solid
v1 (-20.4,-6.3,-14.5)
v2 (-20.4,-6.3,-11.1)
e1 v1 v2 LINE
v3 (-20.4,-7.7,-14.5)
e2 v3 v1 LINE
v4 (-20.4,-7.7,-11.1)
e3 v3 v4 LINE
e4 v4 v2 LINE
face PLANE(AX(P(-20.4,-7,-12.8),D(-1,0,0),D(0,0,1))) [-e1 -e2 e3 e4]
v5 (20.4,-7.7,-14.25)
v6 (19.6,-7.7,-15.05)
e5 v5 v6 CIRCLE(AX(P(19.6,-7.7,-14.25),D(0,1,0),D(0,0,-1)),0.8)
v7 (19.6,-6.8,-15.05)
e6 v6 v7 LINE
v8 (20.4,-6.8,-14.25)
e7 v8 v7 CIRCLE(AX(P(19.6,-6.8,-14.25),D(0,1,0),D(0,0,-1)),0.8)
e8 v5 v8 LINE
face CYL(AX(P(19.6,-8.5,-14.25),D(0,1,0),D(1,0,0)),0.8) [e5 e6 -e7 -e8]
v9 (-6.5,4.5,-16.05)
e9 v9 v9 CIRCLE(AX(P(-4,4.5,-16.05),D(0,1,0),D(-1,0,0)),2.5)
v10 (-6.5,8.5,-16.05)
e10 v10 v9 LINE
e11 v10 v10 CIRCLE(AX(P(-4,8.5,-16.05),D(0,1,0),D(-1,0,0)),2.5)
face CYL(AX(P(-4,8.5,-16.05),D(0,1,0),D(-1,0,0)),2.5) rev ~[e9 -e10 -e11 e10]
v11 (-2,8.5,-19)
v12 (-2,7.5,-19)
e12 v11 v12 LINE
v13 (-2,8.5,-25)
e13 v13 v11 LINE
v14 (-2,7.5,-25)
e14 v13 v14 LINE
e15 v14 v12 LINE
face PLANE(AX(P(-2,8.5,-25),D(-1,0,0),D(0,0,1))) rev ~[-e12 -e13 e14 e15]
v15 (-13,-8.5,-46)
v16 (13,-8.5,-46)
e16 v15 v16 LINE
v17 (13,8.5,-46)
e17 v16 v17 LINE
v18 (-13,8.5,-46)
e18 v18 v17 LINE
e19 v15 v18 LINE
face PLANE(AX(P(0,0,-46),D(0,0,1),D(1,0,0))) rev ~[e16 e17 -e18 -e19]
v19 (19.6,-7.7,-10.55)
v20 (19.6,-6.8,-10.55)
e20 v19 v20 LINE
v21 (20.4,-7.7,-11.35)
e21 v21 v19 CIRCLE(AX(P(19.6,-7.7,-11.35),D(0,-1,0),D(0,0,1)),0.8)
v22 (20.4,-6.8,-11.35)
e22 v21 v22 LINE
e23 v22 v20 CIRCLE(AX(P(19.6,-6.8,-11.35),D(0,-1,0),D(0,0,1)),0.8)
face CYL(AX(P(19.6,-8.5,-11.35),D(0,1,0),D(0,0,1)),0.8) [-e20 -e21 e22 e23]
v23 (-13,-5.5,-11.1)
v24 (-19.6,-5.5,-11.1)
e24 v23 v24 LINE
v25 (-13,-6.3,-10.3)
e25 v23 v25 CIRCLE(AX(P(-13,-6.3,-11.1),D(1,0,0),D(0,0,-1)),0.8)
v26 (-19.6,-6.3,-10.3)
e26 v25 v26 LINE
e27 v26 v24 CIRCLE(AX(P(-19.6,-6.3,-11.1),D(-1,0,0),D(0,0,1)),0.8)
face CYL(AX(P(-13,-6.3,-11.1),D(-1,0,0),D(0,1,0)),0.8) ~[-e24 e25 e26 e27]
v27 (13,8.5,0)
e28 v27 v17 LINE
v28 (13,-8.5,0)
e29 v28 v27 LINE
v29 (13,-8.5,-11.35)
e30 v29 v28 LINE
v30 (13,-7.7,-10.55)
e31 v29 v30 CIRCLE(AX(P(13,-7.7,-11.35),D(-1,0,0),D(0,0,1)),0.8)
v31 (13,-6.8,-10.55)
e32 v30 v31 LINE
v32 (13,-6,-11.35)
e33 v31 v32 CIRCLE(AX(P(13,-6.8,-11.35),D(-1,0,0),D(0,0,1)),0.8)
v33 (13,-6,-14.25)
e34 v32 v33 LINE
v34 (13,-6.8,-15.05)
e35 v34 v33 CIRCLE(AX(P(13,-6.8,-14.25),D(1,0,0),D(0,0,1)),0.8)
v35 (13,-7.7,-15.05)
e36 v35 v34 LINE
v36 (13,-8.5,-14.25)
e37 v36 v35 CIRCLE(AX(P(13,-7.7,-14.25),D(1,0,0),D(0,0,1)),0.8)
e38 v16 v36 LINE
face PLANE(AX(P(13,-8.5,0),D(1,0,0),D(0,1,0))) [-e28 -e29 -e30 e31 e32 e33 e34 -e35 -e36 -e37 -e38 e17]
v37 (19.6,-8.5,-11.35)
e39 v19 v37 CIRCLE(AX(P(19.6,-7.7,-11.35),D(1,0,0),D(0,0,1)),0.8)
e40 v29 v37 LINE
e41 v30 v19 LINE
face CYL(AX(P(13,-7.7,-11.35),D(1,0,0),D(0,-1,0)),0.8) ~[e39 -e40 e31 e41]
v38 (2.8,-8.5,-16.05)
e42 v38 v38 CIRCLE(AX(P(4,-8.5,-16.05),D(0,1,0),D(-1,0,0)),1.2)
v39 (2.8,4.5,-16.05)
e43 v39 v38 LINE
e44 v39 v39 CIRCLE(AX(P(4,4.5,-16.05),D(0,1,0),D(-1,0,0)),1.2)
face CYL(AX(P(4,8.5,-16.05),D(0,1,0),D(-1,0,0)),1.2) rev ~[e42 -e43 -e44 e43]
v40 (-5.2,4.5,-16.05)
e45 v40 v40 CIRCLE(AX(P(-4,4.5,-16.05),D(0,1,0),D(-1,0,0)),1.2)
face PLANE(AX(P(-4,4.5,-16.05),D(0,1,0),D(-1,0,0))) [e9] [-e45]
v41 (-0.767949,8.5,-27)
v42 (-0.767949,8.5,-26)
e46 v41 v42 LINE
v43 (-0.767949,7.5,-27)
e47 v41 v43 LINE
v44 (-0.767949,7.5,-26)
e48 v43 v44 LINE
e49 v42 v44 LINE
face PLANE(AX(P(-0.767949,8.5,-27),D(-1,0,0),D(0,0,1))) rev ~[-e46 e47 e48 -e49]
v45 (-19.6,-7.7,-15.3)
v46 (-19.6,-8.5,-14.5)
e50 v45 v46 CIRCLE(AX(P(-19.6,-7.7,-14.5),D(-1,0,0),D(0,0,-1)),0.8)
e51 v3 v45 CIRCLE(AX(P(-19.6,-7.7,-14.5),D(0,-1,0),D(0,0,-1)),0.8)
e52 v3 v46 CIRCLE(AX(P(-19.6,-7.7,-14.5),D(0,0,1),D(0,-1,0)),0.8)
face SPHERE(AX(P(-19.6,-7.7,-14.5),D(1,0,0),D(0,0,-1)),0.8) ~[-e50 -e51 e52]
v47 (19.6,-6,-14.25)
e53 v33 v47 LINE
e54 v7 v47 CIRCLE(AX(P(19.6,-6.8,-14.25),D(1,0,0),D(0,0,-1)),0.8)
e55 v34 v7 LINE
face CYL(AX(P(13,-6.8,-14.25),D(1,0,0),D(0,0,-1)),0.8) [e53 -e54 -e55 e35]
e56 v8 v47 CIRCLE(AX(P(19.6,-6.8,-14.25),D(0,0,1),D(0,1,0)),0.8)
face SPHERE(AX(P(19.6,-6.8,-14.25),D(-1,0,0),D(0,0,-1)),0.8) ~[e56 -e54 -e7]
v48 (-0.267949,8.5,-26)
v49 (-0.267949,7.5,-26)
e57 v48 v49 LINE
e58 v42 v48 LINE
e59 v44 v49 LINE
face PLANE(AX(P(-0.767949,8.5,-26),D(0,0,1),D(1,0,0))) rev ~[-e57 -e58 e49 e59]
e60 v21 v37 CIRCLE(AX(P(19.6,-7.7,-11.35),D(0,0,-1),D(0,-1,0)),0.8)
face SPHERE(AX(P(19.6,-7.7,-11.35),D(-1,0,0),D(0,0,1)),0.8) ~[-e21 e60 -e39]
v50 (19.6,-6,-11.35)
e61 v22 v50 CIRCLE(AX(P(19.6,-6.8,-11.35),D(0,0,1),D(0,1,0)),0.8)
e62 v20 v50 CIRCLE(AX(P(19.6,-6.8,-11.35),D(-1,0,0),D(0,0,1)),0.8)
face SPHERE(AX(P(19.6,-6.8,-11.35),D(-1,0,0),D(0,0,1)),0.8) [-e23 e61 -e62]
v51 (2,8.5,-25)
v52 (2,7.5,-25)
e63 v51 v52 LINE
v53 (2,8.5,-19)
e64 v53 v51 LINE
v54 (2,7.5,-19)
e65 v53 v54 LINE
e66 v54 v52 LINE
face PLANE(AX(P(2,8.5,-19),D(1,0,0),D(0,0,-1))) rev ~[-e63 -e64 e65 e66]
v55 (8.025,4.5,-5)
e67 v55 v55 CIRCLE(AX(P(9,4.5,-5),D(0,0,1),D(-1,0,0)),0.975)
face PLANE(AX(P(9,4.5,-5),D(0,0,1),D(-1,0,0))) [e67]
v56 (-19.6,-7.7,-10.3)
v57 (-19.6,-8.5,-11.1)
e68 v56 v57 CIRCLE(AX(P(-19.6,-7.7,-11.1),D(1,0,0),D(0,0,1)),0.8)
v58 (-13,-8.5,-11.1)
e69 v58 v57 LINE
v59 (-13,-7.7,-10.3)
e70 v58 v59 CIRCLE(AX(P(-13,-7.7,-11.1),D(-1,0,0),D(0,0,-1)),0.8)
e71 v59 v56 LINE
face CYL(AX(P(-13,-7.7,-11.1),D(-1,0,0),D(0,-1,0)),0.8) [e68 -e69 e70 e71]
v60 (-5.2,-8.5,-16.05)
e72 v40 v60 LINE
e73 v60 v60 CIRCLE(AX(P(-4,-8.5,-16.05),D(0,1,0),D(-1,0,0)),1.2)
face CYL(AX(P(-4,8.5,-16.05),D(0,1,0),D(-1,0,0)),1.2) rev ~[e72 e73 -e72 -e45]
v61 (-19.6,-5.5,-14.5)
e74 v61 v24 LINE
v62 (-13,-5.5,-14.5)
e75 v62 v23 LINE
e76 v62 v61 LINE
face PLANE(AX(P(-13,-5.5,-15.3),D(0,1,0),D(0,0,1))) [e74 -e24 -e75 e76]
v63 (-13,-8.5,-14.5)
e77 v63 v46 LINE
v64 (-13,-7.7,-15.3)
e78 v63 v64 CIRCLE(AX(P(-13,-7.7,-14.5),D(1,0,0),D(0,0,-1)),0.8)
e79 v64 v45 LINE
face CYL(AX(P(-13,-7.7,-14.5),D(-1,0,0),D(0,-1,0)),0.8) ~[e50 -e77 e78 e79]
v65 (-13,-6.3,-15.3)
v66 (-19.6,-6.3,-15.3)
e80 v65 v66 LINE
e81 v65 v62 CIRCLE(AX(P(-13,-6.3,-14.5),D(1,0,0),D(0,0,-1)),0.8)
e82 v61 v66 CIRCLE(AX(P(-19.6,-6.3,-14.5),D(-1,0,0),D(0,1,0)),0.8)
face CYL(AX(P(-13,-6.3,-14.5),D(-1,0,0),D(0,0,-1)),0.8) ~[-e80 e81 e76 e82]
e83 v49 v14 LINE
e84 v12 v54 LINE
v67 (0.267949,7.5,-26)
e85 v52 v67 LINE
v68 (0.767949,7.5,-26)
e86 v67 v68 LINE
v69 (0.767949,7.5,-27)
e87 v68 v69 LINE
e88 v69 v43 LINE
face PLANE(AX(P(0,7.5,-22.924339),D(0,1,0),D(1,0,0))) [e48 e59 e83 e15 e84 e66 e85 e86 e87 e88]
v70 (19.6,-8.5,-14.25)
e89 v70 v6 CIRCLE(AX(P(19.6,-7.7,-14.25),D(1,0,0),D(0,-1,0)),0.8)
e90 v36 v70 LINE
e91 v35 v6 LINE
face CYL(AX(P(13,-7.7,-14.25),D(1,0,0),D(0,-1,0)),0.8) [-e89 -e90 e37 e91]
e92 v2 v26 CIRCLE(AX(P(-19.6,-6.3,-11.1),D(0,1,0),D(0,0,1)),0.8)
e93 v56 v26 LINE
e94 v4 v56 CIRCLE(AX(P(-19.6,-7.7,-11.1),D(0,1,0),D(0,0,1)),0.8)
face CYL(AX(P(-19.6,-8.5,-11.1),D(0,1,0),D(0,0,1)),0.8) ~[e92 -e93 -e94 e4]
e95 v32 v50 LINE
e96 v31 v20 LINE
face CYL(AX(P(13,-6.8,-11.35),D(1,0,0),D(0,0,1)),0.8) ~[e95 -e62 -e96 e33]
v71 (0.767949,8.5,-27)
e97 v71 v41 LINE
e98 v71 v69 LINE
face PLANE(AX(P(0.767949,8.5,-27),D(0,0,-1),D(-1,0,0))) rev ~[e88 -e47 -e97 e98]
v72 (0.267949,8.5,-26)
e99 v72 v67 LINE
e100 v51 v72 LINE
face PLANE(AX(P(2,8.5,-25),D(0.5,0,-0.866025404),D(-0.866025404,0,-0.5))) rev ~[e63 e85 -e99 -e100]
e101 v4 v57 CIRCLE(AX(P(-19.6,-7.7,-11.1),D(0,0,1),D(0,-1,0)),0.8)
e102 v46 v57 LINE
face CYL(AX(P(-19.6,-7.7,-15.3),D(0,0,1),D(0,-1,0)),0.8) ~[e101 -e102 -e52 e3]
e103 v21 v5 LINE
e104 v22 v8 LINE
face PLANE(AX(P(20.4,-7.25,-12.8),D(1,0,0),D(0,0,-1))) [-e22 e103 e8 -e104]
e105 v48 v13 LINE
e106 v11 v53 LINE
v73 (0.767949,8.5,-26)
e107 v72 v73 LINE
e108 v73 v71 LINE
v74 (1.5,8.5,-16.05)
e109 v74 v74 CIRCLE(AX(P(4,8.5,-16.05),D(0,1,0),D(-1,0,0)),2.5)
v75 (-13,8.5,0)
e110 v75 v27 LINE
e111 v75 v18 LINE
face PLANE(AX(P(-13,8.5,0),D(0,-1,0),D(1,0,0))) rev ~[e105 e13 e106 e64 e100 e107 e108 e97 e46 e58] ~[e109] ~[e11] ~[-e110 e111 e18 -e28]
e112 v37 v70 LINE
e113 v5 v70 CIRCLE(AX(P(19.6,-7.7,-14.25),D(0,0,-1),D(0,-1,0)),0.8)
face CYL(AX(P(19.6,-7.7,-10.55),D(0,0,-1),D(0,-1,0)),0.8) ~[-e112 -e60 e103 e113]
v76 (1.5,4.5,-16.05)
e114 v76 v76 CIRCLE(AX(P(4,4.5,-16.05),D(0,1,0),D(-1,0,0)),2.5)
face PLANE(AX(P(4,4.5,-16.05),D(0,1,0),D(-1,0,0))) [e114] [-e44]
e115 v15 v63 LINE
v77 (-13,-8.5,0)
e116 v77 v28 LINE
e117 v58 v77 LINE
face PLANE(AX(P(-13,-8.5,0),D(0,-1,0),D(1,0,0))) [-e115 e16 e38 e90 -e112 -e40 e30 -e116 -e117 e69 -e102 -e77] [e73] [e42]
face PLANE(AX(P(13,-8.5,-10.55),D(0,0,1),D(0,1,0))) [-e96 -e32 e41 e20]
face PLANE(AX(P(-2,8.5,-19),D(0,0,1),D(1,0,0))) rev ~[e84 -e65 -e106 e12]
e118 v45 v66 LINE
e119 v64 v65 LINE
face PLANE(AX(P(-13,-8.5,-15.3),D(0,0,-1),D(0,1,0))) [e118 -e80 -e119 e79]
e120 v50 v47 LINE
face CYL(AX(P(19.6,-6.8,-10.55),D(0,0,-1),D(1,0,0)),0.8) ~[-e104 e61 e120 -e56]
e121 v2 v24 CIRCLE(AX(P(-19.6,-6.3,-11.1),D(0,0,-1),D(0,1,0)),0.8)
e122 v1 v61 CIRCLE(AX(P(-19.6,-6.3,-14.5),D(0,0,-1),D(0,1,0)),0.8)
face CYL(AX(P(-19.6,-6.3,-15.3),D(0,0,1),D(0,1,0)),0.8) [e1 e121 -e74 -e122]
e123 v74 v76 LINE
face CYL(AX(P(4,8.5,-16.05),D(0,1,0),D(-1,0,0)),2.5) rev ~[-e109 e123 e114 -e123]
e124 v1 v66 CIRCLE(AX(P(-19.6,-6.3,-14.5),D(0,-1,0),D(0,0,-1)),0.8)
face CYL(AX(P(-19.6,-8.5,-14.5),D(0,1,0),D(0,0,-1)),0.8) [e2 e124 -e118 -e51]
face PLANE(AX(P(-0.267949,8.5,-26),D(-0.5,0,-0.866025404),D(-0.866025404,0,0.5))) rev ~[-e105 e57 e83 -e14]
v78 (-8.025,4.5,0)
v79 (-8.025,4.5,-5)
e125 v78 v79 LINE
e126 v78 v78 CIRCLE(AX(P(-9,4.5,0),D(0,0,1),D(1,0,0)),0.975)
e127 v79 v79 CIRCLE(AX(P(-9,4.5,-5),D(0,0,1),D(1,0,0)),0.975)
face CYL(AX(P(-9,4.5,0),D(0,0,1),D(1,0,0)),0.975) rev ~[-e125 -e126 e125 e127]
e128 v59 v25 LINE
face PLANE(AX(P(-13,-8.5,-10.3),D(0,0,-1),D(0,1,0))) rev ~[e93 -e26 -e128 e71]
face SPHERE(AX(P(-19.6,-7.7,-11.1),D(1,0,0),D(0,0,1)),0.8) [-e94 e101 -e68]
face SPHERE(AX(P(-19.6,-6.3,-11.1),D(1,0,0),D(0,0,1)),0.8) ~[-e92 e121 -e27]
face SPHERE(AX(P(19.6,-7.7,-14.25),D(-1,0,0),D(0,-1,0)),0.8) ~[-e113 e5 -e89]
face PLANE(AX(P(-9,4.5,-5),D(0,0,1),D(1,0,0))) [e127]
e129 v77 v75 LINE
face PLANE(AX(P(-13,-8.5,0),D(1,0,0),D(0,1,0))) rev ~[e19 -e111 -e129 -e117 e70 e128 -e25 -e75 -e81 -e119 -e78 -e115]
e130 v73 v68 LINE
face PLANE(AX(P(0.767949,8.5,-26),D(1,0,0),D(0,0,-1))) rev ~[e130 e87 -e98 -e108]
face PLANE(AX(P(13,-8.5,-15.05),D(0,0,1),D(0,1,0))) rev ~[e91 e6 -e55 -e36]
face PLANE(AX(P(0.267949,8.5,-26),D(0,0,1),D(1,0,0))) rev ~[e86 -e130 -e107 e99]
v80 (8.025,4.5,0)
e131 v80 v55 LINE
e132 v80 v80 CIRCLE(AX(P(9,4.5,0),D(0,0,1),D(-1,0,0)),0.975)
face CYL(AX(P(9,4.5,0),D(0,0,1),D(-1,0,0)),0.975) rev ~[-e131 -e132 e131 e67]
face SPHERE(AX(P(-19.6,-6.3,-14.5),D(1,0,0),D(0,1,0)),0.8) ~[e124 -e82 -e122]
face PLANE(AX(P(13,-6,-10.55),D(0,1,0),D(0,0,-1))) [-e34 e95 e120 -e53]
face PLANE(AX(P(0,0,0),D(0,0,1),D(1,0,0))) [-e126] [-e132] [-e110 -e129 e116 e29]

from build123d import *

# Parameters (mm, degrees)
SKETCH_1_W          = 26
SKETCH_1_H          = 17
EXTRUDE_1_DEPTH     = 46
SKETCH_2_W          = 4.5
SKETCH_2_H          = 2.5
EXTRUDE_2_DEPTH     = 7.4
SKETCH_4_W          = 5
SKETCH_4_H          = 3
EXTRUDE_3_DEPTH     = 7.4
SKETCH_5_R          = 1.2
CUT_EXTRUDE_1_DEPTH = 54.114593098
CUT_EXTRUDE_2_DEPTH = 1
SKETCH_8_R          = 2.5
CUT_EXTRUDE_3_DEPTH = 4
SKETCH_9_R          = 0.975
CUT_EXTRUDE_4_DEPTH = 5
FILLET_1_R          = 0.8


with BuildPart() as part:
    # ｽｹｯﾁ1 → ﾎﾞｽ - 押し出し1 (new body)
    with BuildSketch(Plane.XY):
        Rectangle(SKETCH_1_W, SKETCH_1_H)
    extrude(amount=-EXTRUDE_1_DEPTH)

    # ｽｹｯﾁ2 → ﾎﾞｽ - 押し出し2 (add)
    with BuildSketch(Plane(origin=(13, 0, 0), x_dir=(0, 0, -1), z_dir=(1, 0, 0))):
        with Locations((12.8, -7.25)):
            Rectangle(SKETCH_2_W, SKETCH_2_H)
    extrude(amount=EXTRUDE_2_DEPTH)

    # ｽｹｯﾁ4 → ﾎﾞｽ - 押し出し3 (add)
    with BuildSketch(Plane.ZY.offset(13)):
        with Locations((-12.8, -7)):
            Rectangle(SKETCH_4_W, SKETCH_4_H)
    extrude(amount=EXTRUDE_3_DEPTH)

    # ｽｹｯﾁ5 → ｶｯﾄ - 押し出し1 (cut, through all)
    with BuildSketch(Plane(origin=(0, 8.5, 0), x_dir=(1, 0, 0), z_dir=(0, 1, 0))):
        with Locations(Location((4, 16.05, 0), (0, 0, 180))):
            Circle(SKETCH_5_R)
        with Locations(Location((-4, 16.05, 0), (0, 0, 180))):
            Circle(SKETCH_5_R)
    extrude(amount=-CUT_EXTRUDE_1_DEPTH, mode=Mode.SUBTRACT)

    # ｽｹｯﾁ6 → ｶｯﾄ - 押し出し2 (cut)
    with BuildSketch(Plane(origin=(0, 8.5, 0), x_dir=(1, 0, 0), z_dir=(0, 1, 0))):
        Polygon((-2, 19), (2, 19), (2, 25), (0.267949192, 26), (0.767949192, 26), (0.767949192, 27), (-0.767949192, 27), (-0.767949192, 26), (-0.267949192, 26), (-2, 25), align=None)
    extrude(amount=-CUT_EXTRUDE_2_DEPTH, mode=Mode.SUBTRACT)

    # ｽｹｯﾁ8 → ｶｯﾄ - 押し出し3 (cut)
    with BuildSketch(Plane(origin=(0, 8.5, 0), x_dir=(1, 0, 0), z_dir=(0, 1, 0))):
        with Locations(Location((-4, 16.05, 0), (0, 0, 180))):
            Circle(SKETCH_8_R)
        with Locations(Location((4, 16.05, 0), (0, 0, 180))):
            Circle(SKETCH_8_R)
    extrude(amount=-CUT_EXTRUDE_3_DEPTH, mode=Mode.SUBTRACT)

    # ｽｹｯﾁ9 → ｶｯﾄ - 押し出し4 (cut)
    with BuildSketch(Plane.XY):
        with Locations((-9, 4.5)):
            Circle(SKETCH_9_R)
        with Locations(Location((9, 4.5, 0), (0, 0, 180))):
            Circle(SKETCH_9_R)
    extrude(amount=-CUT_EXTRUDE_4_DEPTH, mode=Mode.SUBTRACT)

    # ﾌｨﾚｯﾄ1
    fillet_1_edges = [part.edges().sort_by_distance(p)[0] for p in [
        (16.7, -6, -10.55),
        (16.7, -8.5, -10.55),
        (16.7, -8.5, -15.05),
        (16.7, -6, -15.05),
        (20.4, -7.25, -10.55),
        (20.4, -8.5, -12.8),
        (20.4, -7.25, -15.05),
        (20.4, -6, -12.8),
        (-16.7, -8.5, -10.3),
        (-16.7, -5.5, -10.3),
        (-16.7, -5.5, -15.3),
        (-16.7, -8.5, -15.3),
        (-20.4, -7, -10.3),
        (-20.4, -5.5, -12.8),
        (-20.4, -7, -15.3),
        (-20.4, -8.5, -12.8),
    ]]
    fillet(fillet_1_edges, radius=FILLET_1_R)


solid = part.part
